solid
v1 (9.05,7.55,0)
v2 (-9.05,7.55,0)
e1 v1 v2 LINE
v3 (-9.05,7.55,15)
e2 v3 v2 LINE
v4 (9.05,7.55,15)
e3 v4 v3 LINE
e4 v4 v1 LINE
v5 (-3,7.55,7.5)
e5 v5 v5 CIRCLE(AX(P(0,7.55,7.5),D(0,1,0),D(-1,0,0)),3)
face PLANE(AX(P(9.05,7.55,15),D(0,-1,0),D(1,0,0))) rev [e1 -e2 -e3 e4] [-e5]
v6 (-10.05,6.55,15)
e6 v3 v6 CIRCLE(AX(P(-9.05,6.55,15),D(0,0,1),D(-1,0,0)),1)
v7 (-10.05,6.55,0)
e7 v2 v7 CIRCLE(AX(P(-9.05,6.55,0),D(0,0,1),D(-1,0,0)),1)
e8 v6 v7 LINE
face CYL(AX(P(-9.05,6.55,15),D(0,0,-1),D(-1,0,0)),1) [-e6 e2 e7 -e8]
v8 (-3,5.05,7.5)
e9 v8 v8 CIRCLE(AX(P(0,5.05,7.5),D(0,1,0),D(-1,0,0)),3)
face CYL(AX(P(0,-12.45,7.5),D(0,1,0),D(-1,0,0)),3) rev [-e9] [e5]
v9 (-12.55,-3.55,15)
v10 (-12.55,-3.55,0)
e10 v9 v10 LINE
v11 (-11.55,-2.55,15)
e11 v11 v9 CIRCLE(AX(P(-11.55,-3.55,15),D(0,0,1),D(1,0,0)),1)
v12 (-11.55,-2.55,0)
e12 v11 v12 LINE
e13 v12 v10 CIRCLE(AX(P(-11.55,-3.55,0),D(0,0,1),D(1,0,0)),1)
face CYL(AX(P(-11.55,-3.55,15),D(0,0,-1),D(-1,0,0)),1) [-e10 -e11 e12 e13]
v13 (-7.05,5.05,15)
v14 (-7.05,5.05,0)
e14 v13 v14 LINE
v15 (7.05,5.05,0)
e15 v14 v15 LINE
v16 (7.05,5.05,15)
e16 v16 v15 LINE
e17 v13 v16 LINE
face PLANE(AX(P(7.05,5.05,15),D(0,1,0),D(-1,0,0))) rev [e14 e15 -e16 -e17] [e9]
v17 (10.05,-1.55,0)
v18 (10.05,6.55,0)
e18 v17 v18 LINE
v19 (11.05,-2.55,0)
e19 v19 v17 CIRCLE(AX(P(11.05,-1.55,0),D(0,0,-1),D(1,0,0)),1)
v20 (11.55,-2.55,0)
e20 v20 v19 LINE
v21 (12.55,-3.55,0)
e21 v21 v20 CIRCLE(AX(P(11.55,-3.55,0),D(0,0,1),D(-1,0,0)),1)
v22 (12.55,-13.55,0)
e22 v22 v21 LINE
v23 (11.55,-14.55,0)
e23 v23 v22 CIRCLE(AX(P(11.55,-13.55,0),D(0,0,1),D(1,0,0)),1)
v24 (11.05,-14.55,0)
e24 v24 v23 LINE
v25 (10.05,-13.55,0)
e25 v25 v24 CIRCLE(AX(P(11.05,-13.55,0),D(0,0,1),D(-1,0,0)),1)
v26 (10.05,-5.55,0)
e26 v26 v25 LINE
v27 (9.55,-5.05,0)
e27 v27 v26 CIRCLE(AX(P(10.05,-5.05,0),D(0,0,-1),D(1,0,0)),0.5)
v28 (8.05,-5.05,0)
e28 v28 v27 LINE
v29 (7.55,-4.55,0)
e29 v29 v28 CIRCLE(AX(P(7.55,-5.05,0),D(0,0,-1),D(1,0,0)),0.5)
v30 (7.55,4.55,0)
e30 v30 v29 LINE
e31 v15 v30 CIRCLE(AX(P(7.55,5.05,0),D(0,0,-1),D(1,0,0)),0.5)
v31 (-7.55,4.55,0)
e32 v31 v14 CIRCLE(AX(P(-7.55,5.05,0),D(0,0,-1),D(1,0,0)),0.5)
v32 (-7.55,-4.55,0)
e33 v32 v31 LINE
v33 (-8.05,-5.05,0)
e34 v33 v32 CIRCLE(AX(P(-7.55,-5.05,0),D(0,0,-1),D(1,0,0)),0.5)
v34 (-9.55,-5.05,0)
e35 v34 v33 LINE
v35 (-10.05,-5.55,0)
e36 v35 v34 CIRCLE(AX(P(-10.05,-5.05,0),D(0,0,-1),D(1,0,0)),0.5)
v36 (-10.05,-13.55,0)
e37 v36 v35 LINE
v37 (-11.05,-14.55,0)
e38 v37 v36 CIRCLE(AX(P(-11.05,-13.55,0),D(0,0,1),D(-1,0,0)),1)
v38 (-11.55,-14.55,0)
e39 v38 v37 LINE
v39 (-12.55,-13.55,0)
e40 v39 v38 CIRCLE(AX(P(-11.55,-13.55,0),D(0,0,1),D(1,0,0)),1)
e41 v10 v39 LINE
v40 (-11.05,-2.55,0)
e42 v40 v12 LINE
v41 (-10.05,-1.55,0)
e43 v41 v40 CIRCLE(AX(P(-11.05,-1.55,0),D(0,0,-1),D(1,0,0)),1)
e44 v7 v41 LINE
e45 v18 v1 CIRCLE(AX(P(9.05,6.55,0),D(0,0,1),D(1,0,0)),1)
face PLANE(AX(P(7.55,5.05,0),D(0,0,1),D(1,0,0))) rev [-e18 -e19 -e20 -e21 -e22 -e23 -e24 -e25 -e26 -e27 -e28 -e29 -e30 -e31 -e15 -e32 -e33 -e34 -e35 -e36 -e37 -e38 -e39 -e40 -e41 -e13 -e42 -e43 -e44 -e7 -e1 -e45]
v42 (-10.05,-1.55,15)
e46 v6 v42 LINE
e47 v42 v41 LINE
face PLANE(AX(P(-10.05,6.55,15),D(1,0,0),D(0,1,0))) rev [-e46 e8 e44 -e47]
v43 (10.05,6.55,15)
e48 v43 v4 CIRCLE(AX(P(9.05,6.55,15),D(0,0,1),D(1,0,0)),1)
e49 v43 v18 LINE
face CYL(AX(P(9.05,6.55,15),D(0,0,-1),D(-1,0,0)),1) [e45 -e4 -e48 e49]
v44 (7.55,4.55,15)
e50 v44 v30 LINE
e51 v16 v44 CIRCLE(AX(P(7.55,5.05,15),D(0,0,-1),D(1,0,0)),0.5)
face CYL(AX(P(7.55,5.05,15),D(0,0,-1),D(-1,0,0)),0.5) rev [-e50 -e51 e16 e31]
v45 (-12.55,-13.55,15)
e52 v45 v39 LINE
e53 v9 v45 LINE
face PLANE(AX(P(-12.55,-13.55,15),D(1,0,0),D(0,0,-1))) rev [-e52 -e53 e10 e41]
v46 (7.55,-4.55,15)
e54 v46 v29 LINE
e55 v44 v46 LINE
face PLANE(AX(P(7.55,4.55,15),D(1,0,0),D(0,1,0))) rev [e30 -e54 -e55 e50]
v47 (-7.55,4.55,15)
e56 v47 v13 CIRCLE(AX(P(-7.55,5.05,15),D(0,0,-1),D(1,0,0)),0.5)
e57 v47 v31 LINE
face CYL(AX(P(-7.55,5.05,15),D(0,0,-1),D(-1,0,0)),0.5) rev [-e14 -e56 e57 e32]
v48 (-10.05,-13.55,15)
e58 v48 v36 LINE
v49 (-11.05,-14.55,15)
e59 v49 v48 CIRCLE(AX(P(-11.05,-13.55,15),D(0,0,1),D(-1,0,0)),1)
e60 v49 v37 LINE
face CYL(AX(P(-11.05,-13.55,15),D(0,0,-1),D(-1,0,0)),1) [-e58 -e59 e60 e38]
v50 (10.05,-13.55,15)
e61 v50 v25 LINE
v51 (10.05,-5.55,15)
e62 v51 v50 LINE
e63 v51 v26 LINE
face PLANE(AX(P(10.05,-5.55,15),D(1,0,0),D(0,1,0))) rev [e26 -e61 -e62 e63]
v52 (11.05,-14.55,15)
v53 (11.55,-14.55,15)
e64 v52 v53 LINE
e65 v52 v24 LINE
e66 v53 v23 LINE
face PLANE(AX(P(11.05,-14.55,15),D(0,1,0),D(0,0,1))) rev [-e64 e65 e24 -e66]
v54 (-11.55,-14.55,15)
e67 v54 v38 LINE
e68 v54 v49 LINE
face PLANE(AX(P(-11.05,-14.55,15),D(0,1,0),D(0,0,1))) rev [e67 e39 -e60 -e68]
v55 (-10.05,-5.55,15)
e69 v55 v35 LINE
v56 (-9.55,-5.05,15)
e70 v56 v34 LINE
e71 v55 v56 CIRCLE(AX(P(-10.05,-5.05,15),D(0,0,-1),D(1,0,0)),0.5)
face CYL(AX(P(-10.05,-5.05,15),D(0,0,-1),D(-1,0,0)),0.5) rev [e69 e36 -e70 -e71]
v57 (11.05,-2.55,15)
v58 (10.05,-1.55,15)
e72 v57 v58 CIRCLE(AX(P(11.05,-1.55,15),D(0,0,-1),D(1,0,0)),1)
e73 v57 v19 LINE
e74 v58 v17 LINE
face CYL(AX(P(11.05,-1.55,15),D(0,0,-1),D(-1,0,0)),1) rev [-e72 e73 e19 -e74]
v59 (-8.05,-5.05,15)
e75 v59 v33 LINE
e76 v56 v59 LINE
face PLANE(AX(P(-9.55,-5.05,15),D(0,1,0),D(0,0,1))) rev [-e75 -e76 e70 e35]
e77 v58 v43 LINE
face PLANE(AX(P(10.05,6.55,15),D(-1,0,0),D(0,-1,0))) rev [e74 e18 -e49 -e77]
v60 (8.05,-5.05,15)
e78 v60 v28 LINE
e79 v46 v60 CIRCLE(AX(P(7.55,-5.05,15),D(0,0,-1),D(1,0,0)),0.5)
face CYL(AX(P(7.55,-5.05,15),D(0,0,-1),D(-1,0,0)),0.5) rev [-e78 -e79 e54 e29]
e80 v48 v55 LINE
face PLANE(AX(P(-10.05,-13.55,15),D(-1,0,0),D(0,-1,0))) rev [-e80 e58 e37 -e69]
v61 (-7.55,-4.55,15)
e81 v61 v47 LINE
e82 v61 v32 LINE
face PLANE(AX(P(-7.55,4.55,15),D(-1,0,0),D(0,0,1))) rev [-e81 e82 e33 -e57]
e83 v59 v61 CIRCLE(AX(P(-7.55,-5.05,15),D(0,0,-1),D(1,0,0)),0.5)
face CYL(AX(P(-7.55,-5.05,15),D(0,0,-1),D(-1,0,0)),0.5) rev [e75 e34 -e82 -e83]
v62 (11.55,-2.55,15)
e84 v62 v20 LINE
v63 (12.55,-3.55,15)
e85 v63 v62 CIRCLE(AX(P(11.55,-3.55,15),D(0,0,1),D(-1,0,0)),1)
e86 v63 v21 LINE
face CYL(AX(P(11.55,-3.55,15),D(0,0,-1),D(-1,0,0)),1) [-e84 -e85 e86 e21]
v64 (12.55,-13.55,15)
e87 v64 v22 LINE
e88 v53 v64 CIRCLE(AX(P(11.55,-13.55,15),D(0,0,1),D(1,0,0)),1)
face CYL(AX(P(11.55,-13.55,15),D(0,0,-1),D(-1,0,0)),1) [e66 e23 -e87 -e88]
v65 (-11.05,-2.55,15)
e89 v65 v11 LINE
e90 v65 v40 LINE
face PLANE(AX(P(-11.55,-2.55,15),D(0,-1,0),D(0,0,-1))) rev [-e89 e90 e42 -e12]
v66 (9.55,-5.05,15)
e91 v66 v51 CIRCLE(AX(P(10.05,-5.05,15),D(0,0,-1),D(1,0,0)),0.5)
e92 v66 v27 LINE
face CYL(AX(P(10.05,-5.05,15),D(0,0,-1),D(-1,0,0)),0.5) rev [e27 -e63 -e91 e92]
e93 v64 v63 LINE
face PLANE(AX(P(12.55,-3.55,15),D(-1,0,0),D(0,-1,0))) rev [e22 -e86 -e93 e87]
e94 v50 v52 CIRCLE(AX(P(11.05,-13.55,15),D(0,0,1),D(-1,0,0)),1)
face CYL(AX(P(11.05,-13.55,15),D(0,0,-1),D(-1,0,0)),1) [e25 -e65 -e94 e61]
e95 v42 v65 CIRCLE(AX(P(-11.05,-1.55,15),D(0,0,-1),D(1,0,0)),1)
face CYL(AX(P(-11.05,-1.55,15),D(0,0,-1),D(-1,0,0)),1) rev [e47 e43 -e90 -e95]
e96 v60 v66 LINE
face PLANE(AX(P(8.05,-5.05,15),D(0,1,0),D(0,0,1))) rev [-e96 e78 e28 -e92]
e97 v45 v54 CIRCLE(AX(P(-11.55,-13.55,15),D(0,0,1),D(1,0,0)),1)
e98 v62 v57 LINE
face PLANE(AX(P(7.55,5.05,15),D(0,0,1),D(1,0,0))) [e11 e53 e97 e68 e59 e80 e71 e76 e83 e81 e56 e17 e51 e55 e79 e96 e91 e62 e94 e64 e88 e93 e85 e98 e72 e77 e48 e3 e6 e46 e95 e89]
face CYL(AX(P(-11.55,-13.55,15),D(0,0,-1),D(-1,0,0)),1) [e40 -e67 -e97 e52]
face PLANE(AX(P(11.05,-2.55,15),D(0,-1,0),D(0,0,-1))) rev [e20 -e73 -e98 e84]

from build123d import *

# Parameters (mm, degrees)
SALIENTE_EXTRUIR1_DEPTH = 15
CROQUIS2_R              = 3
CORTAR_EXTRUIR1_DEPTH   = 20


with BuildPart() as part:
    # Croquis1 → Saliente-Extruir1 (new body)
    with BuildSketch(Plane.XY):
        with BuildLine():
            Line((-9.55, -5.05), (-8.05, -5.05))
            ThreePointArc((-8.05, -5.05), (-7.903553391, -4.696446609), (-7.55, -4.55))
            Line((-7.55, -4.55), (-7.55, 4.55))
            ThreePointArc((-7.55, 4.55), (-7.903553391, 5.403553391), (-7.05, 5.05))
            Line((-7.05, 5.05), (7.05, 5.05))
            ThreePointArc((7.05, 5.05), (7.903553391, 5.403553391), (7.55, 4.55))
            Line((7.55, 4.55), (7.55, -4.55))
            ThreePointArc((7.55, -4.55), (7.903553391, -4.696446609), (8.05, -5.05))
            Line((8.05, -5.05), (9.55, -5.05))
            ThreePointArc((9.55, -5.05), (10.403553391, -4.696446609), (10.05, -5.55))
            Line((10.05, -5.55), (10.05, -13.55))
            ThreePointArc((10.05, -13.55), (10.342893219, -14.257106781), (11.05, -14.55))
            Line((11.05, -14.55), (11.55, -14.55))
            ThreePointArc((11.55, -14.55), (12.257106781, -14.257106781), (12.55, -13.55))
            Line((12.55, -13.55), (12.55, -3.55))
            ThreePointArc((12.55, -3.55), (12.257106781, -2.842893219), (11.55, -2.55))
            Line((11.55, -2.55), (11.05, -2.55))
            ThreePointArc((11.05, -2.55), (10.342893219, -2.257106781), (10.05, -1.55))
            Line((10.05, -1.55), (10.05, 6.55))
            ThreePointArc((10.05, 6.55), (9.757106781, 7.257106781), (9.05, 7.55))
            Line((9.05, 7.55), (-9.05, 7.55))
            ThreePointArc((-9.05, 7.55), (-9.757106781, 7.257106781), (-10.05, 6.55))
            Line((-10.05, 6.55), (-10.05, -1.55))
            ThreePointArc((-10.05, -1.55), (-10.342893219, -2.257106781), (-11.05, -2.55))
            Line((-11.05, -2.55), (-11.55, -2.55))
            ThreePointArc((-11.55, -2.55), (-12.257106781, -2.842893219), (-12.55, -3.55))
            Line((-12.55, -3.55), (-12.55, -13.55))
            ThreePointArc((-12.55, -13.55), (-12.257106781, -14.257106781), (-11.55, -14.55))
            Line((-11.55, -14.55), (-11.05, -14.55))
            ThreePointArc((-11.05, -14.55), (-10.342893219, -14.257106781), (-10.05, -13.55))
            Line((-10.05, -13.55), (-10.05, -5.55))
            ThreePointArc((-10.05, -5.55), (-10.403553391, -4.696446609), (-9.55, -5.05))
        make_face()
    extrude(amount=SALIENTE_EXTRUIR1_DEPTH)

    # Croquis2 → Cortar-Extruir1 (cut)
    with BuildSketch(Plane(origin=(0, 7.55, 0), x_dir=(1, 0, 0), z_dir=(0, 1, 0))):
        with Locations(Location((0, -7.5, 0), (0, 0, 180))):
            Circle(CROQUIS2_R)
    extrude(amount=-CORTAR_EXTRUIR1_DEPTH, mode=Mode.SUBTRACT)


solid = part.part
